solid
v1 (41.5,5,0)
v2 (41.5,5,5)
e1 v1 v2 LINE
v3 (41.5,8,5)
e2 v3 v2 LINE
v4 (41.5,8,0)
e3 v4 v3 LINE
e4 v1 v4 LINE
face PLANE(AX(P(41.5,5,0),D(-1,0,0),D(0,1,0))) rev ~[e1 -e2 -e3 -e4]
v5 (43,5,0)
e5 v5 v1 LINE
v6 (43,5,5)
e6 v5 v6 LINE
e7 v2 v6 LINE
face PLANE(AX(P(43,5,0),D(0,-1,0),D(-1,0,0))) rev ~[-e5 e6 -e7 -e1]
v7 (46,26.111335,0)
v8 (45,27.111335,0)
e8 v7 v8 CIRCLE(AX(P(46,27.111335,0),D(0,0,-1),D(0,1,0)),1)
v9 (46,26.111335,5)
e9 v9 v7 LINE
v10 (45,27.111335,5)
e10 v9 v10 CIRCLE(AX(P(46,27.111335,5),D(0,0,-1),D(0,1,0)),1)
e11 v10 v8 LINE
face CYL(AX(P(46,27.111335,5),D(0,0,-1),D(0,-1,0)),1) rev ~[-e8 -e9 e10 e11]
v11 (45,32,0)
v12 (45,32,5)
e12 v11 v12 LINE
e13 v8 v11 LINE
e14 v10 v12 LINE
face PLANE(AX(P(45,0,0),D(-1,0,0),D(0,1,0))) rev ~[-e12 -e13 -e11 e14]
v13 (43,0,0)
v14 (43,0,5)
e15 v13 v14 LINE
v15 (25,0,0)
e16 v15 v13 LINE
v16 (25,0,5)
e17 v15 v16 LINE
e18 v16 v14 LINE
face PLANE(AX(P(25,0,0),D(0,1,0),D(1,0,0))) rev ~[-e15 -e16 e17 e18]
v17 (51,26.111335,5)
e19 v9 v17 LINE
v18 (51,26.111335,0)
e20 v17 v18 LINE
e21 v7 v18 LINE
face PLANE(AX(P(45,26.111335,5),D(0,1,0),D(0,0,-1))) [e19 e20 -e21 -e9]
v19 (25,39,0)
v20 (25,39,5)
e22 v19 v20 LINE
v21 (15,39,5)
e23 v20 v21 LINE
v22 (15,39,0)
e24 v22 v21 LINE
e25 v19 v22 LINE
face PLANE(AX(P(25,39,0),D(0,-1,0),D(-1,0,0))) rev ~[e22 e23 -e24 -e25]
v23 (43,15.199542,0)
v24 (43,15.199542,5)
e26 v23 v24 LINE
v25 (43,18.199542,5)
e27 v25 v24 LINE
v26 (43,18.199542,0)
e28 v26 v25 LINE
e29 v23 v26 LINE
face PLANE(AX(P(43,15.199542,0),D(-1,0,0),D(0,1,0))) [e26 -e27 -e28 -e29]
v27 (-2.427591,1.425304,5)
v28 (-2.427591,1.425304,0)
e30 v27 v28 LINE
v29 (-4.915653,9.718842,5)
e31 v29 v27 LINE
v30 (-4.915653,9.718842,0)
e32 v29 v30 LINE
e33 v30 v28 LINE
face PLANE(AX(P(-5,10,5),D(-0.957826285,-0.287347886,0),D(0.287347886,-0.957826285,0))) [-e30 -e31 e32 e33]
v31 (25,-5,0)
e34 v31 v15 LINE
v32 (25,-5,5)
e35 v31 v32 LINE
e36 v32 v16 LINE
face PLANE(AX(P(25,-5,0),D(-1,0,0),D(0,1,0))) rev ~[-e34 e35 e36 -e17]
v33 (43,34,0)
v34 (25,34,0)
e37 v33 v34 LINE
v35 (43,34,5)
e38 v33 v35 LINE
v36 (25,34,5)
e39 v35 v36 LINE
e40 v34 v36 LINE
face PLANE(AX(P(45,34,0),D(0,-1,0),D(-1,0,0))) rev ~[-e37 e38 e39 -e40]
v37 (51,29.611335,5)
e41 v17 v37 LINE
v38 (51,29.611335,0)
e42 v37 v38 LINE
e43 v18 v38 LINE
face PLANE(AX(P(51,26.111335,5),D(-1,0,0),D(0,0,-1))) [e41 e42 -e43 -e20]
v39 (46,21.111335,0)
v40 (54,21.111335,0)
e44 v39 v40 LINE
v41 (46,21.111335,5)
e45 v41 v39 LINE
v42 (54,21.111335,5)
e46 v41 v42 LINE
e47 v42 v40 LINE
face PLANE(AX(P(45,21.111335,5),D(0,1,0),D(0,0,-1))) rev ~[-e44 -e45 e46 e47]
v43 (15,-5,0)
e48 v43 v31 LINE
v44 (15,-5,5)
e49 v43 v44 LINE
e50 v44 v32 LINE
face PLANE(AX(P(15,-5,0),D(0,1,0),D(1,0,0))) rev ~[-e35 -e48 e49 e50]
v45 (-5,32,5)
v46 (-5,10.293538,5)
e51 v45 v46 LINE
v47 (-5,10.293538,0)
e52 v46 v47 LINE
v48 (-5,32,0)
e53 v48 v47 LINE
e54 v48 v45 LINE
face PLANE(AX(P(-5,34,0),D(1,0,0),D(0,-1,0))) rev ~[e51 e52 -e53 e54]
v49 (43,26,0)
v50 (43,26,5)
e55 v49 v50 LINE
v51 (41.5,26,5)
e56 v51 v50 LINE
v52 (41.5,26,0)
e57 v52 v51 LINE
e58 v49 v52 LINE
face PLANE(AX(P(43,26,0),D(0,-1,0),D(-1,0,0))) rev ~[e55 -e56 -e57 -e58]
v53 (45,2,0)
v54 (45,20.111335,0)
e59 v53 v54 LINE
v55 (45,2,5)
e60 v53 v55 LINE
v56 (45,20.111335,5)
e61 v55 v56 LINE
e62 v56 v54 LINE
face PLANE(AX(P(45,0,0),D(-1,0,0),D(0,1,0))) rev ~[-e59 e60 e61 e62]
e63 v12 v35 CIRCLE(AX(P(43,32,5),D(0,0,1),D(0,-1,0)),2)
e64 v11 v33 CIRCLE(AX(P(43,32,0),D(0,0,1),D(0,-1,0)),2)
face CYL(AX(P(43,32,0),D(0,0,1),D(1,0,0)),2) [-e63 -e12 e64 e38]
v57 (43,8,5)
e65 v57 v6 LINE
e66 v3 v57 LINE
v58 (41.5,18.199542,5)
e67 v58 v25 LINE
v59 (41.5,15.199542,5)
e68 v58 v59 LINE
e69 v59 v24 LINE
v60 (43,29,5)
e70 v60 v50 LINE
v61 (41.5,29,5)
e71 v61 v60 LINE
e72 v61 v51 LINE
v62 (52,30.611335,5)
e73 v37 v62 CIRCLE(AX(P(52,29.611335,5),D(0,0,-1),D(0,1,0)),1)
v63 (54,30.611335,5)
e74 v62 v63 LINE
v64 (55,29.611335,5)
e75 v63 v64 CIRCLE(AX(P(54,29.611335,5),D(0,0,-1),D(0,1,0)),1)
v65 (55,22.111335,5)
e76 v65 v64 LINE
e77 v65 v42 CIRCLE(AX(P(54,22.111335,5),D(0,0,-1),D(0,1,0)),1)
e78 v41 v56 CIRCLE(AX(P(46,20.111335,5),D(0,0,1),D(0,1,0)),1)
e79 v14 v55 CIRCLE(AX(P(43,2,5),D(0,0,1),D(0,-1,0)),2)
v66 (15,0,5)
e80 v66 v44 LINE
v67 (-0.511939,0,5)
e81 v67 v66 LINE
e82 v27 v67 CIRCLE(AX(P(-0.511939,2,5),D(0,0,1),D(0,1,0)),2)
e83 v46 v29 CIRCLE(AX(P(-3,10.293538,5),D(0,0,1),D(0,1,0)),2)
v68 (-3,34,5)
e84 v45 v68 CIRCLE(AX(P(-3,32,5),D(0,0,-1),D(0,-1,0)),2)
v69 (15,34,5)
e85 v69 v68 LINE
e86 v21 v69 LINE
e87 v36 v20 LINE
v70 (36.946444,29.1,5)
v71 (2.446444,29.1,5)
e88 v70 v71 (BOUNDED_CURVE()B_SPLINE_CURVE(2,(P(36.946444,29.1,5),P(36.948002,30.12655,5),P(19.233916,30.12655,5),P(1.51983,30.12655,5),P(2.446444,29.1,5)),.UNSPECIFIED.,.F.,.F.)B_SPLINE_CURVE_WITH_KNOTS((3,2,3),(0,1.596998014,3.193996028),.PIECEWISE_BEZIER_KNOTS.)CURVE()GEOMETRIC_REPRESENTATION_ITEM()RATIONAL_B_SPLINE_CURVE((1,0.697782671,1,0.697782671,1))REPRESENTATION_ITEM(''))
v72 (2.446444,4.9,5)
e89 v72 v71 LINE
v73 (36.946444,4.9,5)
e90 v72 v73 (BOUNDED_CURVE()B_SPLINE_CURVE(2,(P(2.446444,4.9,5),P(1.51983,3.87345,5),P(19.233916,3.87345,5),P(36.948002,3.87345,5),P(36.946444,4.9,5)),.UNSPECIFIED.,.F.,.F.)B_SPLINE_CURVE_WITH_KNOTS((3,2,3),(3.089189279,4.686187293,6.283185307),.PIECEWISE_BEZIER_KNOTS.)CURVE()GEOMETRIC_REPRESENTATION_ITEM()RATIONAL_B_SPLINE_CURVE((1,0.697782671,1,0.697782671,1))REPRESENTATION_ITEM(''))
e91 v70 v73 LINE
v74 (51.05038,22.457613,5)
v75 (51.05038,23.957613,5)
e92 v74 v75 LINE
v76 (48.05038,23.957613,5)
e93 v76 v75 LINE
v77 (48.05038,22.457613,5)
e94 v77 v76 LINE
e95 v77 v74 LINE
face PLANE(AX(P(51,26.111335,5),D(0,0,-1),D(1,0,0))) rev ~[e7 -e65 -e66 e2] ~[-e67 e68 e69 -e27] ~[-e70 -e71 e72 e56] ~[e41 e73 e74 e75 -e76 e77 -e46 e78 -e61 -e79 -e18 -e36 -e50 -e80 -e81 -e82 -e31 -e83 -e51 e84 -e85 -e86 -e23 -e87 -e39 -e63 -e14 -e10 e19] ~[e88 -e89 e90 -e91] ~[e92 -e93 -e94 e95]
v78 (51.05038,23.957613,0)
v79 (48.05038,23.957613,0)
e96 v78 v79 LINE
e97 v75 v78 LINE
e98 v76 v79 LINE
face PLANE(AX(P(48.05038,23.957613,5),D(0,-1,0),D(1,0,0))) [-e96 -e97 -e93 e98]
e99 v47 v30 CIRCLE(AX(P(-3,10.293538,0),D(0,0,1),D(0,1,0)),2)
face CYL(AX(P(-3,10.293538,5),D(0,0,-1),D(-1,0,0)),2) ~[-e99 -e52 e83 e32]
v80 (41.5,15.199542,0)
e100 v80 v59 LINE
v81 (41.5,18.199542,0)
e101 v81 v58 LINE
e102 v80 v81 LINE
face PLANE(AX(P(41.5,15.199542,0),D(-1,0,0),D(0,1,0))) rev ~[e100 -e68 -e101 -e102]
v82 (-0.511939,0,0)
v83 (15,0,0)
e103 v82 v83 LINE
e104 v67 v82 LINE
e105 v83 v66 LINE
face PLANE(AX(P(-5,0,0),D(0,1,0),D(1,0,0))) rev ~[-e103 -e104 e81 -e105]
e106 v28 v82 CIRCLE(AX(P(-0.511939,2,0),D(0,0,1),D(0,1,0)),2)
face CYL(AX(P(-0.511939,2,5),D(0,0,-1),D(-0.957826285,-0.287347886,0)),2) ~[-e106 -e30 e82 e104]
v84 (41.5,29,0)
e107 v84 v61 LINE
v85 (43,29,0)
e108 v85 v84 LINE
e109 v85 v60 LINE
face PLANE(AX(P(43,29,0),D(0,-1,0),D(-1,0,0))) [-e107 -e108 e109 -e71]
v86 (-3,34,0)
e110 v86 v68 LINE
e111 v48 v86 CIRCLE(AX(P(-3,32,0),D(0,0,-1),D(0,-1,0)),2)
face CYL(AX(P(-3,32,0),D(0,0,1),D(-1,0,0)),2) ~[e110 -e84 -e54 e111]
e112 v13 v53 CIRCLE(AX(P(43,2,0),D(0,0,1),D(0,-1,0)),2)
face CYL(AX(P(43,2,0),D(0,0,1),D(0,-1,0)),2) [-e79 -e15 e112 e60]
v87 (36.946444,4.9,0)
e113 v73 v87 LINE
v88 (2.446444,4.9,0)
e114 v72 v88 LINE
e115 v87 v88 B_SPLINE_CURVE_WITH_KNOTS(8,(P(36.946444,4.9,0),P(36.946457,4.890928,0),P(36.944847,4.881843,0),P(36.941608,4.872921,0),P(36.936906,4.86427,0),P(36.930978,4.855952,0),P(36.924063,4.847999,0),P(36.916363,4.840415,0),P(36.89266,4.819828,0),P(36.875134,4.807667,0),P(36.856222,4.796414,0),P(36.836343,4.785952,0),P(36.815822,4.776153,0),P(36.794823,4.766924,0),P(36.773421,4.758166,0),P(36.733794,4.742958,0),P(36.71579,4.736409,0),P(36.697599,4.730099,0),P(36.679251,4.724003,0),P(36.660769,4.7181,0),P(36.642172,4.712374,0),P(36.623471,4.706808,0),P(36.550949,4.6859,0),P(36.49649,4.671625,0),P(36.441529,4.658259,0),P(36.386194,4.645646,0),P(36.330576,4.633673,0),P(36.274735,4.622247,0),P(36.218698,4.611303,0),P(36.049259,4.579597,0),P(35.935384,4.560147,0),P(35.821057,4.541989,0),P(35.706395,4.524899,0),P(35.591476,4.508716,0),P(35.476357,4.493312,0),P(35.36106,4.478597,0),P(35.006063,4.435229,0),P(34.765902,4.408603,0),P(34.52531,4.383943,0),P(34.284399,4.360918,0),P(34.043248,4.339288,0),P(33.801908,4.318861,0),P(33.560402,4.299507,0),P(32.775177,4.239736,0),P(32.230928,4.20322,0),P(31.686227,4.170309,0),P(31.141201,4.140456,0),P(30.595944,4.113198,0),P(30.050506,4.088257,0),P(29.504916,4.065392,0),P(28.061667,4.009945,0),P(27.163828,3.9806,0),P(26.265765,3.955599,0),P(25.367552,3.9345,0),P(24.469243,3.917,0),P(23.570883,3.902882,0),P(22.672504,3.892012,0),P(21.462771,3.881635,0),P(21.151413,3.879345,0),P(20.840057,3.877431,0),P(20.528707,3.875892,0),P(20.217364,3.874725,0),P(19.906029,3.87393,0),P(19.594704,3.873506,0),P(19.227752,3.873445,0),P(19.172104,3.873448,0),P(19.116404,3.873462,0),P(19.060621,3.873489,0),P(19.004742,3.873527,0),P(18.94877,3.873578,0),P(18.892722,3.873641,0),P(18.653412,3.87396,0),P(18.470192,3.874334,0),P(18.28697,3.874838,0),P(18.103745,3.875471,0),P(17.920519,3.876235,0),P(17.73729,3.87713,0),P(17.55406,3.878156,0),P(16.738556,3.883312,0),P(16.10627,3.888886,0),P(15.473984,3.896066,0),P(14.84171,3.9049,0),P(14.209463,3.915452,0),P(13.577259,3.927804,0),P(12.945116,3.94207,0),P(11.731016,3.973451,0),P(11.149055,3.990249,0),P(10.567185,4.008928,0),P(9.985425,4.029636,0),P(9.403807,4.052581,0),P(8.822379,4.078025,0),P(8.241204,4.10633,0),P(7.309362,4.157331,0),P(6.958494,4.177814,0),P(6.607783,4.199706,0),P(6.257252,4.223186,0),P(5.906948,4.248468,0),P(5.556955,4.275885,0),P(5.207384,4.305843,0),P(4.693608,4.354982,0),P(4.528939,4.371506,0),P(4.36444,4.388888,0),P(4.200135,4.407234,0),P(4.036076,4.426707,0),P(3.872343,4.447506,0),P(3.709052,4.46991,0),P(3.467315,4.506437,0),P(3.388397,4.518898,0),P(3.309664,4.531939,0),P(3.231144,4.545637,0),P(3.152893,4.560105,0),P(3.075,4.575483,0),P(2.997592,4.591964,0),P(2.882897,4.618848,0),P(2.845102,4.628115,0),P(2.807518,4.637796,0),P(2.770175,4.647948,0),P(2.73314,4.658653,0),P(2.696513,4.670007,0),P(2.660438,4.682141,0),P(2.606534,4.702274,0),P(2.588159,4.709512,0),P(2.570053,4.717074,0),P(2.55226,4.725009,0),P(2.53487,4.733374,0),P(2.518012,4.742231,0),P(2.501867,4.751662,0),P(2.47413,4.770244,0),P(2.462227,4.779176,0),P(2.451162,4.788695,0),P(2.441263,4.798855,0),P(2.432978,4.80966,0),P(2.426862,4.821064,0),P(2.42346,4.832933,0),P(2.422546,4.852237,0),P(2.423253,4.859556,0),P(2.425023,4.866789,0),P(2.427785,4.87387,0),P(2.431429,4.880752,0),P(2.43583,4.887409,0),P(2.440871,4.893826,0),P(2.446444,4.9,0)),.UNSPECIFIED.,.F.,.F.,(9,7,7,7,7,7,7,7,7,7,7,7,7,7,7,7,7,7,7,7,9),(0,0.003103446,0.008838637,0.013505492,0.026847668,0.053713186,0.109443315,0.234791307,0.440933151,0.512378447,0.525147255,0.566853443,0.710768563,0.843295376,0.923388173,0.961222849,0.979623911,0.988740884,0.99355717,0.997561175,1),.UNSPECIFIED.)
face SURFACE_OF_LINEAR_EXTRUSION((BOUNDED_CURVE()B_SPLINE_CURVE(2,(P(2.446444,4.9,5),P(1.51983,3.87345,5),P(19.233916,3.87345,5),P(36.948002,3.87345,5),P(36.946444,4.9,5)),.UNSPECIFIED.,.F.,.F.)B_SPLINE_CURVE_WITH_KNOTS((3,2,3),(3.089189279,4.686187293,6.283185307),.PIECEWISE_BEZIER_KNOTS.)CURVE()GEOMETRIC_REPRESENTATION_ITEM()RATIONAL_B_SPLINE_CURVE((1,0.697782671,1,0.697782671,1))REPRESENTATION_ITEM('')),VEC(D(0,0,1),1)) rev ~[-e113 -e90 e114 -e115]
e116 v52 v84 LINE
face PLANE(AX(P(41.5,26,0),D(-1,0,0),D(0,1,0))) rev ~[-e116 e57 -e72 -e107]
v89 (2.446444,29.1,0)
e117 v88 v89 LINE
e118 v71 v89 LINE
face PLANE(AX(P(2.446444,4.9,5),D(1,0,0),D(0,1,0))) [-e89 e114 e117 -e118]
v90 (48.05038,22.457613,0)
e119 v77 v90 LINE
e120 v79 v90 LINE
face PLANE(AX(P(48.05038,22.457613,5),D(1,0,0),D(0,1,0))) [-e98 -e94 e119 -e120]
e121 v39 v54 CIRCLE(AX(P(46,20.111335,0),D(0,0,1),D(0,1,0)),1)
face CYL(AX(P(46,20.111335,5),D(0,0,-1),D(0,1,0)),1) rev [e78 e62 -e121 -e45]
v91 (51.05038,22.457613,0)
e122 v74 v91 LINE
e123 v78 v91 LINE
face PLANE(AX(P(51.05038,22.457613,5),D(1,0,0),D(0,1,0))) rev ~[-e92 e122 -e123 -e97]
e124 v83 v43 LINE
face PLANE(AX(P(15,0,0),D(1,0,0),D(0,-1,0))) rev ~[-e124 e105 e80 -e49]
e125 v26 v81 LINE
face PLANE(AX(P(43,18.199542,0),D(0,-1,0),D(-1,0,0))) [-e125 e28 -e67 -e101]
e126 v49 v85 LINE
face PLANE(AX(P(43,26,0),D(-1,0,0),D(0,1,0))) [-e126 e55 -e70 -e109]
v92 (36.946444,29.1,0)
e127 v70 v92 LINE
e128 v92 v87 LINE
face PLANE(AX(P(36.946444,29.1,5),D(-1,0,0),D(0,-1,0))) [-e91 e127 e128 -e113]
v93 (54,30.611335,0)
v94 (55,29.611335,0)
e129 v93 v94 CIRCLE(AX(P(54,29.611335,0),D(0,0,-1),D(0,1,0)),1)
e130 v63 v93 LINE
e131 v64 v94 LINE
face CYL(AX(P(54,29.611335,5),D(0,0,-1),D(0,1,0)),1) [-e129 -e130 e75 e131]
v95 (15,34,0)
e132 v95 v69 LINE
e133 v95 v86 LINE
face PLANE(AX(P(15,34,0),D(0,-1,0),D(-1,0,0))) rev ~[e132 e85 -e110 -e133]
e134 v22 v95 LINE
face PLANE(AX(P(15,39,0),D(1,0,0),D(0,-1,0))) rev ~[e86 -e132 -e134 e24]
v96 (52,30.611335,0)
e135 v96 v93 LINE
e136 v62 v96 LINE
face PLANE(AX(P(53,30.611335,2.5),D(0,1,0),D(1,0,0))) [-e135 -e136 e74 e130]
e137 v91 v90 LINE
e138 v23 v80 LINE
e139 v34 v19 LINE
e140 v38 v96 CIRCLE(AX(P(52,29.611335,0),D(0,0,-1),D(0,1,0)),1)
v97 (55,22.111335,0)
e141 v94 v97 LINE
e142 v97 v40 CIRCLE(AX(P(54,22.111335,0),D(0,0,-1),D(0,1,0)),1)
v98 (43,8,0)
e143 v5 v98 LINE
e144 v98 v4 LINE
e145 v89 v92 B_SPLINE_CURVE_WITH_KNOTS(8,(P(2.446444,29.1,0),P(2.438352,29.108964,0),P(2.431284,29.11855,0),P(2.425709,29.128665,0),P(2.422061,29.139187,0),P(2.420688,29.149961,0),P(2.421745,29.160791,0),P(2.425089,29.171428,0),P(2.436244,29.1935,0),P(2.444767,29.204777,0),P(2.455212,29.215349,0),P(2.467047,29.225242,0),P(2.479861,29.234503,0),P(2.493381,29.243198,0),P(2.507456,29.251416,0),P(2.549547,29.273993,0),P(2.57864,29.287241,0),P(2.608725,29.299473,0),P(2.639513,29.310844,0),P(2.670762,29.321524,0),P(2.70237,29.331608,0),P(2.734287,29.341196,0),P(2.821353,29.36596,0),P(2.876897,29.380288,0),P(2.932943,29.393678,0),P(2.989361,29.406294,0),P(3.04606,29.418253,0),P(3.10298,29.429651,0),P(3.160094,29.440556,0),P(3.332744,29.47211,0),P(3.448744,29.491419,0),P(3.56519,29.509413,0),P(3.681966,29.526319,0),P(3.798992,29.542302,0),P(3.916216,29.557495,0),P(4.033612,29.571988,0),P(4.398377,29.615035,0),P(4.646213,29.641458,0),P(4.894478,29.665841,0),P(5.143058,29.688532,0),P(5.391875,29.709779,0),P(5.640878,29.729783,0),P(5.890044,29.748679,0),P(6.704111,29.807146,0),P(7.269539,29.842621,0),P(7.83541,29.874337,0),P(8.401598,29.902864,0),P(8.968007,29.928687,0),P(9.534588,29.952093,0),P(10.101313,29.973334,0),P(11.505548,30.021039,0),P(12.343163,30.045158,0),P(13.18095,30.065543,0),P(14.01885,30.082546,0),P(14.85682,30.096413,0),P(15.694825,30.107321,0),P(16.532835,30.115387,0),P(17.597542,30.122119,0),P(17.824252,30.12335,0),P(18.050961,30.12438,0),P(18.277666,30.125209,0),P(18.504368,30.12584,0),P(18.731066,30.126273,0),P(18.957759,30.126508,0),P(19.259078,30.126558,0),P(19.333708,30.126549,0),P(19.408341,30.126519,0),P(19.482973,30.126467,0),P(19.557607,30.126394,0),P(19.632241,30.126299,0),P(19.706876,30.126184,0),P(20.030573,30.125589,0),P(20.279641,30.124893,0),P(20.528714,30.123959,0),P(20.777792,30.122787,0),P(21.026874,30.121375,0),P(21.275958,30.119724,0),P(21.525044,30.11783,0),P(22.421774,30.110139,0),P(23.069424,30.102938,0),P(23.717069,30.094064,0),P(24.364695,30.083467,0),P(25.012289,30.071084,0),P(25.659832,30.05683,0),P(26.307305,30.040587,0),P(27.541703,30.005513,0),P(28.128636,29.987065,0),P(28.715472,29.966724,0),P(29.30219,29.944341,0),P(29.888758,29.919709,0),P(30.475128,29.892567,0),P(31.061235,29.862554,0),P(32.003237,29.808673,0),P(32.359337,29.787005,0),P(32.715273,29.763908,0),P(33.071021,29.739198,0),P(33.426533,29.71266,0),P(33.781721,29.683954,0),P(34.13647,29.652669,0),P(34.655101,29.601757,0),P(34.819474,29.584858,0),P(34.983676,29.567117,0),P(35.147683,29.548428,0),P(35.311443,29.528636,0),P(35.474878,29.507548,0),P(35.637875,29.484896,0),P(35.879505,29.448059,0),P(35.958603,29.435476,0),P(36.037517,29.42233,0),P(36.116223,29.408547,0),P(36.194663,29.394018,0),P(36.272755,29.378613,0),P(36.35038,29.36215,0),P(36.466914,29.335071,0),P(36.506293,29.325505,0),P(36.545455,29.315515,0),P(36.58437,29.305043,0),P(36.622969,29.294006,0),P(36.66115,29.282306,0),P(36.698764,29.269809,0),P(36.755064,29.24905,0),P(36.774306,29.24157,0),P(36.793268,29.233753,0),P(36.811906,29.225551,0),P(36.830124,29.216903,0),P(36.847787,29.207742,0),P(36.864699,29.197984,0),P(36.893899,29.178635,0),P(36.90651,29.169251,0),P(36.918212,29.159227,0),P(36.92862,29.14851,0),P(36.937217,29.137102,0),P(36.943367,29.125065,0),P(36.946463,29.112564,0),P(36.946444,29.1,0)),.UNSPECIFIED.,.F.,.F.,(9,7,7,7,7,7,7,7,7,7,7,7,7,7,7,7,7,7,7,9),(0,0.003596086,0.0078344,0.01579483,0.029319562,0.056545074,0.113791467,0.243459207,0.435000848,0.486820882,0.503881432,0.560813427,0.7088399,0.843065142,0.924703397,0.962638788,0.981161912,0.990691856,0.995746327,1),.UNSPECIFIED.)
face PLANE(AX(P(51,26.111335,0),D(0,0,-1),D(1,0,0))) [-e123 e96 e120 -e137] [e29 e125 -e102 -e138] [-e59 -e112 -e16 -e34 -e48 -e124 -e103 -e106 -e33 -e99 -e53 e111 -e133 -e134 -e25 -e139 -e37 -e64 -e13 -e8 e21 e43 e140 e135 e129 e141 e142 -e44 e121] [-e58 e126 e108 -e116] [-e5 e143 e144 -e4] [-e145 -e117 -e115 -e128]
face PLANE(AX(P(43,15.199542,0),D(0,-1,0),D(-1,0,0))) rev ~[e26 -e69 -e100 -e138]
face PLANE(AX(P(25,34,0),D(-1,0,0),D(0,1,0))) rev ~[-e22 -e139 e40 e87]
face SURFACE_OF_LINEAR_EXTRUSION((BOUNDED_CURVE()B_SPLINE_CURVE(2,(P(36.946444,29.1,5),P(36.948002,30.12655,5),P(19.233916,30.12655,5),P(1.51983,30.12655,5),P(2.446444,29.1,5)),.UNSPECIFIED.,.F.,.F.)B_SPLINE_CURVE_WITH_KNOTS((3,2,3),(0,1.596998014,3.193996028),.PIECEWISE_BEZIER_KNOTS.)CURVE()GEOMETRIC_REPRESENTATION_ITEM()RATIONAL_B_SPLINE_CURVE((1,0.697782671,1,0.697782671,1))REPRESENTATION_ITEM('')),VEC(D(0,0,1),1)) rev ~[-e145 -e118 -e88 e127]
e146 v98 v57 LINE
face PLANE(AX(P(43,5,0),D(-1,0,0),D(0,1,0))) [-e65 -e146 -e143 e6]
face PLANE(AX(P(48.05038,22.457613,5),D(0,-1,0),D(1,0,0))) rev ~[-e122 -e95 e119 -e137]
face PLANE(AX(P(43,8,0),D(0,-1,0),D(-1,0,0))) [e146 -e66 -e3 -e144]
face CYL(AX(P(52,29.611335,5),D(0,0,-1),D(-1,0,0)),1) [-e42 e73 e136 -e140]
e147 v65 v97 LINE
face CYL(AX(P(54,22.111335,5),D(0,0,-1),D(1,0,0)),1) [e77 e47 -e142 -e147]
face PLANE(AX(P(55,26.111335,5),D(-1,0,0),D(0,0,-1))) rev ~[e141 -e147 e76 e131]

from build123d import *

# Parameters (mm, degrees)
RESSALTO_EXTRUS_O1_DEPTH = 5
CORTE_EXTRUS_O1_DEPTH    = 6
FILETE1_R                = 2
CORTE_EXTRUS_O2_DEPTH    = 6.0000001
FILETE2_R                = 2
ESBO_O4_W                = 1.5
ESBO_O4_H                = 3
CORTE_EXTRUS_O3_DEPTH    = 6.0000001
ESBO_O5_W                = 5
ESBO_O5_H                = 5
RESSALTO_EXTRUS_O2_DEPTH = 10
ESBO_O6_W                = 4
ESBO_O6_H                = 5
RESSALTO_EXTRUS_O3_DEPTH = 4.5
ESBO_O7_W                = 3
ESBO_O7_H                = 1.5
CORTE_EXTRUS_O4_DEPTH    = 6.0000001
FILETE3_R                = 1


with BuildPart() as part:
    # Esboço1 → Ressalto-extrusão1 (new body)
    with BuildSketch(Plane.XY):
        Polygon((-5, 0), (15, 0), (15, -5), (25, -5), (25, 0), (45, 0), (45, 34), (25, 34), (25, 39), (15, 39), (15, 34), (-5, 34), align=None)
    extrude(amount=RESSALTO_EXTRUS_O1_DEPTH)

    # Esboço2 → Corte-extrusão1 (cut, through all)
    with BuildSketch(Plane.XY.offset(5)):
        with BuildLine():
            Line((2.44644355, 4.9), (2.44644355, 29.1))
            add(Edge.make_bspline(
                [(36.94644355, 29.1), (36.948002105, 30.126549864), (19.233916272, 30.126549864), (1.51983044, 30.126549864), (2.44644355, 29.1)],
                knots=[0, 0, 0, 1.596998014, 1.596998014, 3.193996028, 3.193996028, 3.193996028], degree=2, weights=[1, 0.697782671, 1, 0.697782671, 1]))
            Line((36.94644355, 29.1), (36.94644355, 4.9))
            add(Edge.make_bspline(
                [(2.44644355, 4.9), (1.51983044, 3.873450136), (19.233916272, 3.873450136), (36.948002105, 3.873450136), (36.94644355, 4.9)],
                knots=[3.089189279, 3.089189279, 3.089189279, 4.686187293, 4.686187293, 6.283185307, 6.283185307, 6.283185307], degree=2, weights=[1, 0.697782671, 1, 0.697782671, 1]))
        make_face()
    extrude(amount=-CORTE_EXTRUS_O1_DEPTH, mode=Mode.SUBTRACT)

    # Filete1
    filete1_edges = [part.edges().sort_by_distance(p)[0] for p in [
        (-5, 34, 2.5),
        (45, 34, 2.5),
        (45, 0, 2.5),
    ]]
    fillet(filete1_edges, radius=FILETE1_R)

    # Esboço3 → Corte-extrusão2 (cut, through all)
    with BuildSketch(Plane.XY.offset(5)):
        Polygon((-5, 10), (-2, 0), (-5, 0), align=None)
    extrude(amount=-CORTE_EXTRUS_O2_DEPTH, mode=Mode.SUBTRACT)

    # Filete2
    filete2_edges = [part.edges().sort_by_distance(p)[0] for p in [
        (-5, 10, 2.5),
        (-2, 0, 2.5),
    ]]
    fillet(filete2_edges, radius=FILETE2_R)

    # Esboço4 → Corte-extrusão3 (cut, through all)
    with BuildSketch(Plane(origin=(0, 0, 0), x_dir=(-1, 0, 0), z_dir=(0, 0, -1))):
        with Locations((-42.25, 27.5)):
            Rectangle(ESBO_O4_W, ESBO_O4_H)
        with Locations((-42.25, 16.699542108)):
            Rectangle(ESBO_O4_W, ESBO_O4_H)
        with Locations((-42.25, 6.5)):
            Rectangle(ESBO_O4_W, ESBO_O4_H)
    extrude(amount=-CORTE_EXTRUS_O3_DEPTH, mode=Mode.SUBTRACT)

    # Esboço5 → Ressalto-extrusão2 (add)
    with BuildSketch(Plane(origin=(45, 0, 0), x_dir=(0, 0, -1), z_dir=(1, 0, 0))):
        with Locations((-2.5, 23.61133512)):
            Rectangle(ESBO_O5_W, ESBO_O5_H)
    extrude(amount=RESSALTO_EXTRUS_O2_DEPTH)

    # Esboço6 → Ressalto-extrusão3 (add)
    with BuildSketch(Plane(origin=(0, 26.11133512, 0), x_dir=(1, 0, 0), z_dir=(0, 1, 0))):
        with Locations((53, -2.5)):
            Rectangle(ESBO_O6_W, ESBO_O6_H)
    extrude(amount=RESSALTO_EXTRUS_O3_DEPTH)

    # Esboço7 → Corte-extrusão4 (cut, through all)
    with BuildSketch(Plane.XY.offset(5)):
        with Locations((49.550379902, 23.207612691)):
            Rectangle(ESBO_O7_W, ESBO_O7_H)
    extrude(amount=-CORTE_EXTRUS_O4_DEPTH, mode=Mode.SUBTRACT)

    # Filete3
    filete3_edges = [part.edges().sort_by_distance(p)[0] for p in [
        (45, 21.11133512, 2.5),
        (45, 26.11133512, 2.5),
        (55, 21.11133512, 2.5),
        (55, 30.61133512, 2.5),
        (51, 30.61133512, 2.5),
    ]]
    fillet(filete3_edges, radius=FILETE3_R)


solid = part.part
